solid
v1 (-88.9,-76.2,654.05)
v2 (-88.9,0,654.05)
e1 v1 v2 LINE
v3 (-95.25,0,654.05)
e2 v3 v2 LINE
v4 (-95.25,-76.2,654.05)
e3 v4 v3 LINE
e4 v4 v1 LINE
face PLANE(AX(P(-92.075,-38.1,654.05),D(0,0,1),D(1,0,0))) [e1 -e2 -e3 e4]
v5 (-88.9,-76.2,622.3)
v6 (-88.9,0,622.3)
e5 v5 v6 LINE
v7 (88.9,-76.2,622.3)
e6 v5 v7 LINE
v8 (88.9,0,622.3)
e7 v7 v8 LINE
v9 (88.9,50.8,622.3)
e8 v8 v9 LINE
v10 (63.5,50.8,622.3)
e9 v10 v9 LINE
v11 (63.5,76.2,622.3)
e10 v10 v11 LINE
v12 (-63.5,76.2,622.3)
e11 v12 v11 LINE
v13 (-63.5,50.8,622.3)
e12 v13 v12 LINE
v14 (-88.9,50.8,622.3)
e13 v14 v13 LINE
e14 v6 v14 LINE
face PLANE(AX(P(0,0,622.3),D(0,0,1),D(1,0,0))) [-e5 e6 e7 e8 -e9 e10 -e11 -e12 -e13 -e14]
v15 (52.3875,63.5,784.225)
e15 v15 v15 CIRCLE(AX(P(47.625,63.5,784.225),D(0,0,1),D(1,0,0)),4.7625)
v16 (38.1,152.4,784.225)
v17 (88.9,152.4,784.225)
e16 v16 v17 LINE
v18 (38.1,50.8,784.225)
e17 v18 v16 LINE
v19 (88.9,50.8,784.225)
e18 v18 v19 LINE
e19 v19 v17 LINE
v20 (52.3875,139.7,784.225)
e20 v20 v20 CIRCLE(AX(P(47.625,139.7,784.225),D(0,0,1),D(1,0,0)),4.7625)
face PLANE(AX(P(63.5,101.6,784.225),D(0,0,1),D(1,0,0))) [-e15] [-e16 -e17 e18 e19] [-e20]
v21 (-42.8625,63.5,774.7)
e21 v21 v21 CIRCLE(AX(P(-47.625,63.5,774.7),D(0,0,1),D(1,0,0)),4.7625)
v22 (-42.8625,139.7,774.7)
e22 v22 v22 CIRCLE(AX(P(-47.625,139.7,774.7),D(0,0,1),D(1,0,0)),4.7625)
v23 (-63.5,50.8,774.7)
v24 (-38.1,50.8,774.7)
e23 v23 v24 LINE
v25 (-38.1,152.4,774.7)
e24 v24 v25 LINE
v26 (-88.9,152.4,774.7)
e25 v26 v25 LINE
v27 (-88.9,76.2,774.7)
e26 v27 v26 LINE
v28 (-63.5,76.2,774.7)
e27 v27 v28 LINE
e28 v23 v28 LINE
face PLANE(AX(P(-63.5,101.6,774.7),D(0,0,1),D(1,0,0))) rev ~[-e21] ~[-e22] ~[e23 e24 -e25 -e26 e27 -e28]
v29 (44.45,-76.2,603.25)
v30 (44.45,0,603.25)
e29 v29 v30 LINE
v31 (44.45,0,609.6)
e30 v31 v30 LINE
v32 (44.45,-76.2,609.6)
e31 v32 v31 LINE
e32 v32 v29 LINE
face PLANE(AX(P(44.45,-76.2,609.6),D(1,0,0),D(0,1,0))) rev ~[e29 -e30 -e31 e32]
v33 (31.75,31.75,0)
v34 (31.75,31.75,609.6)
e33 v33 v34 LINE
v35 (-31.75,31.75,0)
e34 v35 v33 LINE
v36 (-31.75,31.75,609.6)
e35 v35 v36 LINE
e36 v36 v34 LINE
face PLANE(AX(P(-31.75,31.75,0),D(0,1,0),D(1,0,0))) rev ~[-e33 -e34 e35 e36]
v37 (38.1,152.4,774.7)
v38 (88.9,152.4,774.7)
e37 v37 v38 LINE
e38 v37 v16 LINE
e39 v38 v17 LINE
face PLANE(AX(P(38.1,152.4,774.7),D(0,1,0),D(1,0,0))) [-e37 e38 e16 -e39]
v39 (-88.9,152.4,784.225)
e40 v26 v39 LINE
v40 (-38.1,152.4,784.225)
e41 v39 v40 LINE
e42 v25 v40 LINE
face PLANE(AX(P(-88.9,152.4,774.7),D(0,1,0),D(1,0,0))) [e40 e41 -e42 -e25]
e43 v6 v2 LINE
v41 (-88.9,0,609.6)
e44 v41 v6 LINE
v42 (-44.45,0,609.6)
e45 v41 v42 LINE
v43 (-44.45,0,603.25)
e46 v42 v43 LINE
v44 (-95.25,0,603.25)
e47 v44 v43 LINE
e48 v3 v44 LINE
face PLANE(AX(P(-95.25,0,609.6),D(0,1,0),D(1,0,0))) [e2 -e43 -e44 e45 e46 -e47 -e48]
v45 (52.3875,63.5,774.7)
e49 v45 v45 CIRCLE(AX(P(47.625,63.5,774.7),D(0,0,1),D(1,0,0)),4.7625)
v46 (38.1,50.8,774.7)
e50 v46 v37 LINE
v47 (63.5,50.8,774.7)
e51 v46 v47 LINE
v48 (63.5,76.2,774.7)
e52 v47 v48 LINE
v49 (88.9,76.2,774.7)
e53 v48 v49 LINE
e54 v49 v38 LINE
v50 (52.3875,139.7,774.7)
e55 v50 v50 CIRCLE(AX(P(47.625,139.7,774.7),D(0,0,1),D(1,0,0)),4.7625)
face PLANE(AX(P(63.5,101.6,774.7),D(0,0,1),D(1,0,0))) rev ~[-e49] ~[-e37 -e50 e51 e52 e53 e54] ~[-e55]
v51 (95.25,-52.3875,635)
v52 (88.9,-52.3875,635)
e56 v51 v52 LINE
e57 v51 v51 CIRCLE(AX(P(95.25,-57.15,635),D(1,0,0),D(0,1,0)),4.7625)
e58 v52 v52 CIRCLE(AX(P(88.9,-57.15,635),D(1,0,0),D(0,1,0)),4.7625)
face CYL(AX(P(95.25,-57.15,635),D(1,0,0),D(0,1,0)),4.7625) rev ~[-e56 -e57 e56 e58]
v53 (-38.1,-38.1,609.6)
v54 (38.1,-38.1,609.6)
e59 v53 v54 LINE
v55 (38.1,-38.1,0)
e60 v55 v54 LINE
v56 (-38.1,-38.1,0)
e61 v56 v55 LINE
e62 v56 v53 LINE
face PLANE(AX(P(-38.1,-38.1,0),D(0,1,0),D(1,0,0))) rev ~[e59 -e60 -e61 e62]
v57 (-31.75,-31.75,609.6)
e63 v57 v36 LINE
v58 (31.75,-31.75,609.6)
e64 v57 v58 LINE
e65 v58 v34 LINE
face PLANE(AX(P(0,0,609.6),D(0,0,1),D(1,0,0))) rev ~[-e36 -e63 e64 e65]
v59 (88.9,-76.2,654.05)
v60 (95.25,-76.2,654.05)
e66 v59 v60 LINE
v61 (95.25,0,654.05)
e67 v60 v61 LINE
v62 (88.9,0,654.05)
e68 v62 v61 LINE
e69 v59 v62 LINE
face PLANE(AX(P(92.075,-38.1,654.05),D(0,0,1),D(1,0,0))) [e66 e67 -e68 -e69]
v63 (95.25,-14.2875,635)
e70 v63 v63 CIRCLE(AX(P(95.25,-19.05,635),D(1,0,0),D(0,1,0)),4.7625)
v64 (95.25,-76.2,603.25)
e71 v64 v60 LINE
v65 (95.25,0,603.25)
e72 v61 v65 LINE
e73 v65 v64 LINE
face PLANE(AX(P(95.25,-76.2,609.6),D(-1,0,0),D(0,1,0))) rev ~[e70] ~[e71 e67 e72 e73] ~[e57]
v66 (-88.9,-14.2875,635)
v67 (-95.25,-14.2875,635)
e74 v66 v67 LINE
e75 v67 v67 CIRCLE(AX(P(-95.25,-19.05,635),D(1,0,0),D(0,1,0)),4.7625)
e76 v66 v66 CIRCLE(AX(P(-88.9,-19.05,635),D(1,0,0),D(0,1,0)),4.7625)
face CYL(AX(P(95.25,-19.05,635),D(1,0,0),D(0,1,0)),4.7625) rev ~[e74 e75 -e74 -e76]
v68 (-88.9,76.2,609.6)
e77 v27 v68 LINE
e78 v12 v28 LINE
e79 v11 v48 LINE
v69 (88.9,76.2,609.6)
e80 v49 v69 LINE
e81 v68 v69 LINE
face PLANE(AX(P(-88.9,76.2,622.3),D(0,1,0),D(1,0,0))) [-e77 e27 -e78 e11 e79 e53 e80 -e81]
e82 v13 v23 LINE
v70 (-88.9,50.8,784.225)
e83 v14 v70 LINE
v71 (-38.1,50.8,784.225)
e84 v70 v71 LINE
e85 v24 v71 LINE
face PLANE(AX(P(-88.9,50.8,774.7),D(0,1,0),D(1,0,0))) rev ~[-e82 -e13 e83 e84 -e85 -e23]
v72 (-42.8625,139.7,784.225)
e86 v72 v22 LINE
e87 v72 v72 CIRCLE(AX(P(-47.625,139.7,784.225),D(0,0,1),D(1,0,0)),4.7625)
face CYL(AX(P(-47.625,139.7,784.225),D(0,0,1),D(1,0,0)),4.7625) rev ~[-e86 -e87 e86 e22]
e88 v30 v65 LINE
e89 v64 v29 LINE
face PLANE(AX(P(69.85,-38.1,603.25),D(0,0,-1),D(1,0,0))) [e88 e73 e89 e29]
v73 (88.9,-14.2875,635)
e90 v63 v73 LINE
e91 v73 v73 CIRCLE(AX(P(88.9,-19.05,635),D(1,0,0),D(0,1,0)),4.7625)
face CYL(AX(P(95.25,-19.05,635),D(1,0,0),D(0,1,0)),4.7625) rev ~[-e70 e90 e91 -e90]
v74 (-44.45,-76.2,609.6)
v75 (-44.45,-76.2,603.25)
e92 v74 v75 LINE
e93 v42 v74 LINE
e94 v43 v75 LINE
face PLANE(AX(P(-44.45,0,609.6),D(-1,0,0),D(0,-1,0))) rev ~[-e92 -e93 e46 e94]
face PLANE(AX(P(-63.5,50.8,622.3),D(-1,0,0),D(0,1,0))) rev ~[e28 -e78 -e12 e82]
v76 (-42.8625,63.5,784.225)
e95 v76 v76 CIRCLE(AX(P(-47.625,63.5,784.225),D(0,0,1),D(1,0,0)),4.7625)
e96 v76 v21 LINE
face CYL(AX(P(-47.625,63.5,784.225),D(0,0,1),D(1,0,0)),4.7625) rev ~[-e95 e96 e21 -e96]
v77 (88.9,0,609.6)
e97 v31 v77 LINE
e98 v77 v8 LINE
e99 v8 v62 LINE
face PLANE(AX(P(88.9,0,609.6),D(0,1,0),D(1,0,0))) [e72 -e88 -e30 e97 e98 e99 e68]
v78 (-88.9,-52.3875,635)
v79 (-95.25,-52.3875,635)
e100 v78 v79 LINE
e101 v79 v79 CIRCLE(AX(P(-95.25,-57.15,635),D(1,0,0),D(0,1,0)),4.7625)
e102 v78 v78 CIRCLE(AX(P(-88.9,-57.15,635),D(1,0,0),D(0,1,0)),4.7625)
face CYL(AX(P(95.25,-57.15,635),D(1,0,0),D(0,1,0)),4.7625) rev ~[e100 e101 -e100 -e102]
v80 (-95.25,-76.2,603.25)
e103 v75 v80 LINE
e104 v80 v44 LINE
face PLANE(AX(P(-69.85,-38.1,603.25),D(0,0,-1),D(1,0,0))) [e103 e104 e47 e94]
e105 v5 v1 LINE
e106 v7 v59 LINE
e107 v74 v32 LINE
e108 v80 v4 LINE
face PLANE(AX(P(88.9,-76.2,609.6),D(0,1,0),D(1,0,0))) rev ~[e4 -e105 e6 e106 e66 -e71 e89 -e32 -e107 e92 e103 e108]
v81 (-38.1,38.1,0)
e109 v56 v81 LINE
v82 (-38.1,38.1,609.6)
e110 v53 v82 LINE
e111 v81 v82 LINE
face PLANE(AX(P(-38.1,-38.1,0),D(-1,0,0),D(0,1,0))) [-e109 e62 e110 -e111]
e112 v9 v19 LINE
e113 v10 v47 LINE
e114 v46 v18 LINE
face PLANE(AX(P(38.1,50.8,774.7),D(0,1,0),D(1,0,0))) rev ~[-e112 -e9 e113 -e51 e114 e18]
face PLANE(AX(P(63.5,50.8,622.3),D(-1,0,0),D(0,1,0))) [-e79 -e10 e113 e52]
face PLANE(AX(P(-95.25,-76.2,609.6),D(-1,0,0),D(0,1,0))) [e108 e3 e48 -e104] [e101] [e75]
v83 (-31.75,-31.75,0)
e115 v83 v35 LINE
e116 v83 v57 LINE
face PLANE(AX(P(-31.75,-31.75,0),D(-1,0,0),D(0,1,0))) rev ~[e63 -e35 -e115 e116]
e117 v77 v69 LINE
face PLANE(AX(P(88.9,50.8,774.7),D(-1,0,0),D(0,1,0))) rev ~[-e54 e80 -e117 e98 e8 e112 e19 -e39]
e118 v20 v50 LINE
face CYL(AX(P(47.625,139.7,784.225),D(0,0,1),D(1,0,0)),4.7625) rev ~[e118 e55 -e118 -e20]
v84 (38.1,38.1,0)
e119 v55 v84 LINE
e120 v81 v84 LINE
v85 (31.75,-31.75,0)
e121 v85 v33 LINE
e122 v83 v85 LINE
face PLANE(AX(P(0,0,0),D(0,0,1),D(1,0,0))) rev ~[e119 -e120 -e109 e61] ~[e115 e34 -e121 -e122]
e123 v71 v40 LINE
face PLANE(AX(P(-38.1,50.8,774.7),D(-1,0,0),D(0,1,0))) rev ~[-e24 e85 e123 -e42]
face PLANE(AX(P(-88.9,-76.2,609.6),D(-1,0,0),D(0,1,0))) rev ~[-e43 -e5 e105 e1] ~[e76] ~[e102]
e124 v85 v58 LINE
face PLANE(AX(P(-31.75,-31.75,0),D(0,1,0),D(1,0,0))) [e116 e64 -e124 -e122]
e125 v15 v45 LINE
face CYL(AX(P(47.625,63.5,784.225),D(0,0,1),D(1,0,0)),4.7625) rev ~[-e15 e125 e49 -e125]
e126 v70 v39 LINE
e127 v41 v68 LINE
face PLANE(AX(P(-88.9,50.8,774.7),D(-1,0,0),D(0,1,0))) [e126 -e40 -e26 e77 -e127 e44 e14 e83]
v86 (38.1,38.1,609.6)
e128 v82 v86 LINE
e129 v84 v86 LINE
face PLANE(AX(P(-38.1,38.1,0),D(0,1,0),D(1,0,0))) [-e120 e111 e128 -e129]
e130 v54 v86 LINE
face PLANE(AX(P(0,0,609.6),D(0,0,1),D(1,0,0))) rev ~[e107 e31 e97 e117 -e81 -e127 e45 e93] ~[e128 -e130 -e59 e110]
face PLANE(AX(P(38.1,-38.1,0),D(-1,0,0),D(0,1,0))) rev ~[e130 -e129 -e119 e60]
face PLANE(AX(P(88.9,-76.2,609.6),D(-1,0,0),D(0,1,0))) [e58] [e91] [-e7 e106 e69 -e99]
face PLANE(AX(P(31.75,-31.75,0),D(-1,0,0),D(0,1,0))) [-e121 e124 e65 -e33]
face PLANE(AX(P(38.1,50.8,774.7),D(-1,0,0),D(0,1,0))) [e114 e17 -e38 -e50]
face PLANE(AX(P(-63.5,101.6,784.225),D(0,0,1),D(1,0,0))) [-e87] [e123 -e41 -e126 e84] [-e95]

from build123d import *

# Parameters (mm, degrees)
F0_W      = 76.2
F0_H      = 76.2
F0_W_2    = 63.5
F0_H_2    = 63.5
F1_DEPTH  = 609.6
F2_W      = 177.8
F2_H      = 152.4
F3_DEPTH  = 12.7
F5_DEPTH  = 6.35
F6_W      = 6.35
F6_H      = 76.2
F7_DEPTH  = 44.45
F8_W      = 6.35
F8_H      = 76.2
F9_DEPTH  = 44.45
F10_R     = 4.7625
F11_DEPTH = 254
F13_W     = 25.4
F13_H     = 25.4
F14_DEPTH = 152.4
F15_W     = 50.8
F15_H     = 101.6
F16_DEPTH = 9.525
F17_W     = 50.8
F17_H     = 101.6
F18_DEPTH = 9.525
F19_R     = 4.7625
F20_DEPTH = 25.4
F21_R     = 4.7625
F22_DEPTH = 25.4


with BuildPart() as f1:
    # F0 (on Top) → F1 (new body)
    with BuildSketch(Plane.XY):
        Rectangle(F0_W, F0_H)
        Rectangle(F0_W_2, F0_H_2, mode=Mode.SUBTRACT)
    extrude(amount=F1_DEPTH)

    # F2 (on face) → F3 (join)
    with BuildSketch(Plane.XY.offset(609.6)):
        Rectangle(F2_W, F2_H)
    extrude(amount=F3_DEPTH)

    # F4 (on face) → F5 (join)
    with BuildSketch(Plane(origin=(0, 0, 609.6), x_dir=(1, 0, 0), z_dir=(0, 0, -1))):
        Polygon((95.25, 76.2), (88.9, 76.2), (44.45, 76.2), (44.45, 0), (95.25, 0), align=None)
        Polygon((-44.45, 76.2), (-88.9, 76.2), (-95.25, 76.2), (-95.25, 0), (-44.45, 0), align=None)
    extrude(amount=F5_DEPTH)

    # F6 (on face) → F7 (join)
    with BuildSketch(Plane.XY.offset(609.6)):
        with Locations((-92.075, -38.1)):
            Rectangle(F6_W, F6_H)
    extrude(amount=F7_DEPTH)

    # F8 (on face) → F9 (join)
    with BuildSketch(Plane.XY.offset(609.6)):
        with Locations((92.075, -38.1)):
            Rectangle(F8_W, F8_H)
    extrude(amount=F9_DEPTH)

    # F10 (on face) → F11 (cut)
    with BuildSketch(Plane.YZ.offset(95.25)):
        with Locations((-57.15, 635)):
            Circle(F10_R)
        with Locations((-19.05, 635)):
            Circle(F10_R)
    extrude(amount=-F11_DEPTH, mode=Mode.SUBTRACT)

    # F13 (on face) → F14 (join)
    with BuildSketch(Plane.XY.offset(622.3)):
        with Locations((-76.2, 63.5)):
            Rectangle(F13_W, F13_H)
        with Locations((76.2, 63.5)):
            Rectangle(F13_W, F13_H)
    extrude(amount=F14_DEPTH)

    # F15 (on face) → F16 (join)
    with BuildSketch(Plane.XY.offset(774.7)):
        with Locations((63.5, 101.6)):
            Rectangle(F15_W, F15_H)
    extrude(amount=F16_DEPTH)

    # F17 (on face) → F18 (join)
    with BuildSketch(Plane.XY.offset(774.7)):
        with Locations((-63.5, 101.6)):
            Rectangle(F17_W, F17_H)
    extrude(amount=F18_DEPTH)

    # F19 (on face) → F20 (cut)
    with BuildSketch(Plane.XY.offset(784.225)):
        with Locations((-47.625, 63.5)):
            Circle(F19_R)
        with Locations((-47.625, 139.7)):
            Circle(F19_R)
    extrude(amount=-F20_DEPTH, mode=Mode.SUBTRACT)

    # F21 (on face) → F22 (cut)
    with BuildSketch(Plane.XY.offset(784.225)):
        with Locations((47.625, 63.5)):
            Circle(F21_R)
        with Locations((47.625, 139.7)):
            Circle(F21_R)
    extrude(amount=-F22_DEPTH, mode=Mode.SUBTRACT)


solid = f1.part
